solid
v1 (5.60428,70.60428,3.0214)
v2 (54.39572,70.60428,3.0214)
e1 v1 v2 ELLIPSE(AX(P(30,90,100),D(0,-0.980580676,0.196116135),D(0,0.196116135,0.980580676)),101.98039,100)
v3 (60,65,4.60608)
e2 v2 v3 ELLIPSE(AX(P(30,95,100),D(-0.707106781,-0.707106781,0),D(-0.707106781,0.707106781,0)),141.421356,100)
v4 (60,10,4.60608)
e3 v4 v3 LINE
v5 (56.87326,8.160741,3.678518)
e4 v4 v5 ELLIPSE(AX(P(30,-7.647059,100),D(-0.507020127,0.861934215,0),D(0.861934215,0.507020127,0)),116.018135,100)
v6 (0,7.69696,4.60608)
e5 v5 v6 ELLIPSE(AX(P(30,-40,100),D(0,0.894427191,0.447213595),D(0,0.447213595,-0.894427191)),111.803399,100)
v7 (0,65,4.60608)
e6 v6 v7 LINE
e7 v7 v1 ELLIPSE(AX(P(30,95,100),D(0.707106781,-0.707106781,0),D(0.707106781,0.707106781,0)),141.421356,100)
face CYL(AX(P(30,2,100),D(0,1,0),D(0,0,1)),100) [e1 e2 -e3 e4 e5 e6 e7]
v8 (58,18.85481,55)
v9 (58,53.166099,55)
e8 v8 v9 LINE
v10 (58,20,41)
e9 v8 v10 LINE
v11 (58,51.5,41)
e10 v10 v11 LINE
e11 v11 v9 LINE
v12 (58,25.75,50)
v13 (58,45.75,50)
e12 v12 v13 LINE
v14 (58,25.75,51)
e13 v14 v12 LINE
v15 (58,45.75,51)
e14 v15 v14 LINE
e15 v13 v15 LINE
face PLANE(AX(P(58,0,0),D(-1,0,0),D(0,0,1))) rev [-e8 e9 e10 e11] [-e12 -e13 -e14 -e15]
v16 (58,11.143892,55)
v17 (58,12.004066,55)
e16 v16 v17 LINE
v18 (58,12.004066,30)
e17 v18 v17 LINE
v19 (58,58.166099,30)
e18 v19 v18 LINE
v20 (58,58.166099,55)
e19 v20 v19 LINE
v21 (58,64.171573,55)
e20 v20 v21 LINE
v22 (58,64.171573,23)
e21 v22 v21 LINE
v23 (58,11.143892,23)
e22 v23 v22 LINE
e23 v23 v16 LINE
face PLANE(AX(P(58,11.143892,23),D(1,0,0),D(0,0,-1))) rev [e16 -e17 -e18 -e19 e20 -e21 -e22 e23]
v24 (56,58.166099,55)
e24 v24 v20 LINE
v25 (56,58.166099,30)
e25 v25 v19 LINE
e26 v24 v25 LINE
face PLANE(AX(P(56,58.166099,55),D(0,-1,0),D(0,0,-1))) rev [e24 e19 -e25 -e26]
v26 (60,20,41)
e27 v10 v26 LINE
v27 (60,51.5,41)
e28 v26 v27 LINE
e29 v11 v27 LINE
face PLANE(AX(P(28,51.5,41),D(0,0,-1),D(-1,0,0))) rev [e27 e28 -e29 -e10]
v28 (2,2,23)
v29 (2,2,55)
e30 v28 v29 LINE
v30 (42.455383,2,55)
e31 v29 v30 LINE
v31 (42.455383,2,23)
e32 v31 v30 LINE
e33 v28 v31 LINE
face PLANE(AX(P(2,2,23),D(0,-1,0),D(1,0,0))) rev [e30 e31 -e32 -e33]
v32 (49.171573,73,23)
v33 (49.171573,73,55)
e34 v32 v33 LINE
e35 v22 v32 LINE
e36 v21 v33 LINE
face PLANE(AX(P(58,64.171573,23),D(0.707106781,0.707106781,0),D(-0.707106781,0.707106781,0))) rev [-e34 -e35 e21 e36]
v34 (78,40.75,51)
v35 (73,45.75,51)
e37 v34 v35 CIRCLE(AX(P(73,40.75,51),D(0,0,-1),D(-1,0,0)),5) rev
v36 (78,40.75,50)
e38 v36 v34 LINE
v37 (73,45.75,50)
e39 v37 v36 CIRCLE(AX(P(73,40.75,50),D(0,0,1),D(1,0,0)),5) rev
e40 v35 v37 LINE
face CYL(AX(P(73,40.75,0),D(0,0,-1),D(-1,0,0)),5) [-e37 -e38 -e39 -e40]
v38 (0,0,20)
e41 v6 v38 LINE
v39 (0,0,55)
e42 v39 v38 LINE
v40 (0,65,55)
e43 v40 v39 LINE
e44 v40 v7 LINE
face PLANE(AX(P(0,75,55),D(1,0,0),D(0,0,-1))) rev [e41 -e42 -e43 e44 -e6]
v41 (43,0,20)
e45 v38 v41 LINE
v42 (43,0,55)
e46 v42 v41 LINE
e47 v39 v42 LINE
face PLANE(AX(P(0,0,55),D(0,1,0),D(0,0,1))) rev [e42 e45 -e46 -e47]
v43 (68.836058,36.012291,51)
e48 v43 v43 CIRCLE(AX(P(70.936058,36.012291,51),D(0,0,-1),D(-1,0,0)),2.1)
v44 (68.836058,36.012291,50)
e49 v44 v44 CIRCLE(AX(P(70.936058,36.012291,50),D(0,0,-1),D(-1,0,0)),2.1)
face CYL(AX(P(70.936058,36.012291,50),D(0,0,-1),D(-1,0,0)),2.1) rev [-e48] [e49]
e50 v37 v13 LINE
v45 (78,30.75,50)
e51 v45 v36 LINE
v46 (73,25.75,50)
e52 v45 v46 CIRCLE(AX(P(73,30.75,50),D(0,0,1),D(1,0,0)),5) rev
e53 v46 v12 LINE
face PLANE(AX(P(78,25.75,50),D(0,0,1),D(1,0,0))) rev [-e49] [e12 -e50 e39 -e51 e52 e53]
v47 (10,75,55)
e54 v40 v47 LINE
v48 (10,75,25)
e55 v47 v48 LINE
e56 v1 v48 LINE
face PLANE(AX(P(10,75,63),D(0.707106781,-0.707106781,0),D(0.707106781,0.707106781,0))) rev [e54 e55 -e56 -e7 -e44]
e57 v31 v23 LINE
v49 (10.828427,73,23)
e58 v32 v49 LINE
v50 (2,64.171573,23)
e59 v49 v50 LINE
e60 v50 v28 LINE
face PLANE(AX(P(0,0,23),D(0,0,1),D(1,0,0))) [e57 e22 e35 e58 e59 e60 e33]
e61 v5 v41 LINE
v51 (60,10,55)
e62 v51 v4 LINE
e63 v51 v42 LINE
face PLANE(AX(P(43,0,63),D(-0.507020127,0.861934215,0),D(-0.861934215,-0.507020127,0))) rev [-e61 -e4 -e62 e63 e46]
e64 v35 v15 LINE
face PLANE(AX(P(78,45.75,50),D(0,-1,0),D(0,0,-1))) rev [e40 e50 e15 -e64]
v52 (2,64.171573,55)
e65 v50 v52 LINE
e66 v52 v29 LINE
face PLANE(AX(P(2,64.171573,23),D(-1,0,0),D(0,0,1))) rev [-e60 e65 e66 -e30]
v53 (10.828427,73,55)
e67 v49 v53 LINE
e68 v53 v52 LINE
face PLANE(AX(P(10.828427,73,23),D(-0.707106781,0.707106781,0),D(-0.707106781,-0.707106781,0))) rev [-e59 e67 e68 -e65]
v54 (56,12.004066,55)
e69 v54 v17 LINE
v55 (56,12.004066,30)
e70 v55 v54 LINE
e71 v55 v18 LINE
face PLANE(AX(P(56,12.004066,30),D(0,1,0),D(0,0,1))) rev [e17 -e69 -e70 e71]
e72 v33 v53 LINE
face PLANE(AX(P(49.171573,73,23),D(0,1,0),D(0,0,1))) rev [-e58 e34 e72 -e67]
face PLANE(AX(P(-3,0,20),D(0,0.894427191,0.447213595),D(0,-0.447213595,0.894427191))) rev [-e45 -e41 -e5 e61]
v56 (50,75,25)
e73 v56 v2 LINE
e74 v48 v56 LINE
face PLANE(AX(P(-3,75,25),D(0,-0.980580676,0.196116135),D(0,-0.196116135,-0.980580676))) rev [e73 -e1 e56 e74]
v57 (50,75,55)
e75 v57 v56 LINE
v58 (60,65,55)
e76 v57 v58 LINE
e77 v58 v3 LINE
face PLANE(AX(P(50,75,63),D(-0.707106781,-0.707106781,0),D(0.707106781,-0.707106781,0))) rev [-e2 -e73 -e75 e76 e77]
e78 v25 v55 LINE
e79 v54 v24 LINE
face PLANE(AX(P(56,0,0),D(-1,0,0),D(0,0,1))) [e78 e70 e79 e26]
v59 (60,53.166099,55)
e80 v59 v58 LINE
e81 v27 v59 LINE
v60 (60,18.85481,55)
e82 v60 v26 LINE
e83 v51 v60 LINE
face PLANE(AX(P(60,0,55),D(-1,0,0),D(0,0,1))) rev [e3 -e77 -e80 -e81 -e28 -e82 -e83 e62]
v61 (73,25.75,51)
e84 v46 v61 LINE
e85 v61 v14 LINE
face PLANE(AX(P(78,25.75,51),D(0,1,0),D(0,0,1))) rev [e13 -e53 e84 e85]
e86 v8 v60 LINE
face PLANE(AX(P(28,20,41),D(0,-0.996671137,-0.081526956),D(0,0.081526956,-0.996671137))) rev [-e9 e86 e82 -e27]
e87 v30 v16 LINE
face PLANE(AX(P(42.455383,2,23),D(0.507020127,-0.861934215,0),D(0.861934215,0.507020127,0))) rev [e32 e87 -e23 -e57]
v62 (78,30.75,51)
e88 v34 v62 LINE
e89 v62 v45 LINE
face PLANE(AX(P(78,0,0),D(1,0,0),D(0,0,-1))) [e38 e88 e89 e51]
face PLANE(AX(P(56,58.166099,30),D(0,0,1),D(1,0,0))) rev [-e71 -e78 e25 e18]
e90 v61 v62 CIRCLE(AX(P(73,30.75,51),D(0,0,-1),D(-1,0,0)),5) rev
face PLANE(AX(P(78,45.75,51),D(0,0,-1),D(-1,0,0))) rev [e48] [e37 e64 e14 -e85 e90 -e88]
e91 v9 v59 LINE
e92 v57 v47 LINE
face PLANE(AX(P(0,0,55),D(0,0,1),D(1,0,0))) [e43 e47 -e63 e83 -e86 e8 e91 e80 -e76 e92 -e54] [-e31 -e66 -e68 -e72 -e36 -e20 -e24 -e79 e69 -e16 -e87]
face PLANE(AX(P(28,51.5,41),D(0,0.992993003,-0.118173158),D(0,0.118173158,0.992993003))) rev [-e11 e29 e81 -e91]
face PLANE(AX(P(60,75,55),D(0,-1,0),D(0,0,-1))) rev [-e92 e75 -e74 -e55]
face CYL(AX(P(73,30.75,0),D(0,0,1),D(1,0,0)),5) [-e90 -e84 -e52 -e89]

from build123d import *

# Parameters (mm, degrees)
SKETCH_1_W            = 60
SKETCH_1_H            = 75
EXTRUDE_1_DEPTH       = 55
CUT_EXTRUDE_2_DEPTH   = 63
CUT_EXTRUDE_3_DEPTH   = 63
CUT_EXTRUDE_4_DEPTH   = 63
CUT_EXTRUDE_5_DEPTH   = 73
CUT_EXTRUDE_6_DEPTH   = 32
CUT_EXTRUDE_7_DEPTH   = 32
EXTRUDE_2_DEPTH       = 2
SKETCH_10_W           = 1
SKETCH_10_H           = 20
EXTRUDE_3_DEPTH       = 20
FILLET_1_R            = 5
HOLE_WIZARD_M51_D     = 4.2
HOLE_WIZARD_M51_DEPTH = 38.5
HOLE_WIZARD_M51_TIP   = 1.2618073


with BuildPart() as part:
    # Эскиз1 → Бобышка-Вытянуть1 (new body)
    with BuildSketch(Plane.XY):
        with Locations((30, 37.5)):
            Rectangle(SKETCH_1_W, SKETCH_1_H)
    extrude(amount=EXTRUDE_1_DEPTH)

    # Эскиз3 → Вырез-Вытянуть2 (cut)
    with BuildSketch(Plane(origin=(60, 0, 0), x_dir=(0, 0, -1), z_dir=(1, 0, 0))):
        Polygon((0, 0), (0, 10), (-20, 0), align=None)
        Polygon((0, 75), (0, 70), (-25, 75), align=None)
    extrude(amount=-CUT_EXTRUDE_2_DEPTH, mode=Mode.SUBTRACT)

    # Эскиз4 → Вырез-Вытянуть3 (cut)
    with BuildSketch(Plane(origin=(0, 0, 0), x_dir=(-1, 0, 0), z_dir=(0, 0, -1))):
        Polygon((-60, 0), (-60, 10), (-43, 0), align=None)
    extrude(amount=-CUT_EXTRUDE_3_DEPTH, mode=Mode.SUBTRACT)

    # Эскиз5 → Вырез-Вытянуть4 (cut)
    with BuildSketch(Plane(origin=(0, 0, 0), x_dir=(-1, 0, 0), z_dir=(0, 0, -1))):
        Polygon((-60, 75), (-60, 65), (-50, 75), align=None)
        Polygon((-10, 75), (0, 65), (0, 75), align=None)
    extrude(amount=-CUT_EXTRUDE_4_DEPTH, mode=Mode.SUBTRACT)

    # Эскиз6 → Вырез-Вытянуть5 (cut)
    with BuildSketch(Plane(origin=(0, 75, 0), x_dir=(1, 0, 0), z_dir=(0, 1, 0))):
        with BuildLine():
            Line((30.000000357, 0), (0, 0))
            Line((0, 0), (0, -4.606079858))
            ThreePointArc((0, -4.606079858), (14.824230248, -1.158227391), (30.000000357, 0))
        make_face()
        with BuildLine():
            Line((60, 0), (30.000000357, 0))
            ThreePointArc((30.000000357, 0), (45.175770105, -1.158227445), (60, -4.606079858))
            Line((60, -4.606079858), (60, 0))
        make_face()
    extrude(amount=-CUT_EXTRUDE_5_DEPTH, mode=Mode.SUBTRACT)

    # Эскиз7 → Вырез-Вытянуть6 (cut)
    with BuildSketch(Plane.XY.offset(55)):
        Polygon((58, 64.171572875), (49.171572875, 73), (10.828427125, 73), (2, 64.171572875), (2, 2), (42.455383415, 2), (58, 11.143892109), align=None)
    extrude(amount=-CUT_EXTRUDE_6_DEPTH, mode=Mode.SUBTRACT)

    # Эскиз8 → Вырез-Вытянуть7 (cut)
    with BuildSketch(Plane(origin=(60, 0, 0), x_dir=(0, 0, -1), z_dir=(1, 0, 0))):
        Polygon((-55, 18.854810441), (-55, 53.166098562), (-41, 51.5), (-41, 20), align=None)
    extrude(amount=-CUT_EXTRUDE_7_DEPTH, mode=Mode.SUBTRACT)

    # Эскиз9 → Бобышка-Вытянуть2 (add)
    with BuildSketch(Plane.ZY.offset(-58)):
        Polygon((55, 53.166098562), (55, 18.854810441), (55, 12.004066058), (30, 12.004066058), (30, 58.166098562), (55, 58.166098562), align=None)
    extrude(amount=EXTRUDE_2_DEPTH)

    # Эскиз10 → Бобышка-Вытянуть3 (add)
    with BuildSketch(Plane(origin=(58, 0, 0), x_dir=(0, 0, -1), z_dir=(1, 0, 0))):
        with Locations((-50.5, 35.75)):
            Rectangle(SKETCH_10_W, SKETCH_10_H)
    extrude(amount=EXTRUDE_3_DEPTH)

    # Скругление1
    fillet_1_edges = [part.edges().sort_by_distance(p)[0] for p in [
        (78, 45.75, 50.5),
        (78, 25.75, 50.5),
    ]]
    fillet(fillet_1_edges, radius=FILLET_1_R)

    # Отверстие обработанное метчиком M51
    with Locations(Plane(origin=(0, 0, 50), x_dir=(-1, 0, 0), z_dir=(0, 0, -1))):
        with Locations((-70.936057607, 36.012290947)):
            Hole(HOLE_WIZARD_M51_D / 2, depth=HOLE_WIZARD_M51_DEPTH)
            with Locations((0, 0, -(HOLE_WIZARD_M51_DEPTH + HOLE_WIZARD_M51_TIP / 2))):  # 118° drill point
                Cone(0, HOLE_WIZARD_M51_D / 2, HOLE_WIZARD_M51_TIP, mode=Mode.SUBTRACT)


solid = part.part
